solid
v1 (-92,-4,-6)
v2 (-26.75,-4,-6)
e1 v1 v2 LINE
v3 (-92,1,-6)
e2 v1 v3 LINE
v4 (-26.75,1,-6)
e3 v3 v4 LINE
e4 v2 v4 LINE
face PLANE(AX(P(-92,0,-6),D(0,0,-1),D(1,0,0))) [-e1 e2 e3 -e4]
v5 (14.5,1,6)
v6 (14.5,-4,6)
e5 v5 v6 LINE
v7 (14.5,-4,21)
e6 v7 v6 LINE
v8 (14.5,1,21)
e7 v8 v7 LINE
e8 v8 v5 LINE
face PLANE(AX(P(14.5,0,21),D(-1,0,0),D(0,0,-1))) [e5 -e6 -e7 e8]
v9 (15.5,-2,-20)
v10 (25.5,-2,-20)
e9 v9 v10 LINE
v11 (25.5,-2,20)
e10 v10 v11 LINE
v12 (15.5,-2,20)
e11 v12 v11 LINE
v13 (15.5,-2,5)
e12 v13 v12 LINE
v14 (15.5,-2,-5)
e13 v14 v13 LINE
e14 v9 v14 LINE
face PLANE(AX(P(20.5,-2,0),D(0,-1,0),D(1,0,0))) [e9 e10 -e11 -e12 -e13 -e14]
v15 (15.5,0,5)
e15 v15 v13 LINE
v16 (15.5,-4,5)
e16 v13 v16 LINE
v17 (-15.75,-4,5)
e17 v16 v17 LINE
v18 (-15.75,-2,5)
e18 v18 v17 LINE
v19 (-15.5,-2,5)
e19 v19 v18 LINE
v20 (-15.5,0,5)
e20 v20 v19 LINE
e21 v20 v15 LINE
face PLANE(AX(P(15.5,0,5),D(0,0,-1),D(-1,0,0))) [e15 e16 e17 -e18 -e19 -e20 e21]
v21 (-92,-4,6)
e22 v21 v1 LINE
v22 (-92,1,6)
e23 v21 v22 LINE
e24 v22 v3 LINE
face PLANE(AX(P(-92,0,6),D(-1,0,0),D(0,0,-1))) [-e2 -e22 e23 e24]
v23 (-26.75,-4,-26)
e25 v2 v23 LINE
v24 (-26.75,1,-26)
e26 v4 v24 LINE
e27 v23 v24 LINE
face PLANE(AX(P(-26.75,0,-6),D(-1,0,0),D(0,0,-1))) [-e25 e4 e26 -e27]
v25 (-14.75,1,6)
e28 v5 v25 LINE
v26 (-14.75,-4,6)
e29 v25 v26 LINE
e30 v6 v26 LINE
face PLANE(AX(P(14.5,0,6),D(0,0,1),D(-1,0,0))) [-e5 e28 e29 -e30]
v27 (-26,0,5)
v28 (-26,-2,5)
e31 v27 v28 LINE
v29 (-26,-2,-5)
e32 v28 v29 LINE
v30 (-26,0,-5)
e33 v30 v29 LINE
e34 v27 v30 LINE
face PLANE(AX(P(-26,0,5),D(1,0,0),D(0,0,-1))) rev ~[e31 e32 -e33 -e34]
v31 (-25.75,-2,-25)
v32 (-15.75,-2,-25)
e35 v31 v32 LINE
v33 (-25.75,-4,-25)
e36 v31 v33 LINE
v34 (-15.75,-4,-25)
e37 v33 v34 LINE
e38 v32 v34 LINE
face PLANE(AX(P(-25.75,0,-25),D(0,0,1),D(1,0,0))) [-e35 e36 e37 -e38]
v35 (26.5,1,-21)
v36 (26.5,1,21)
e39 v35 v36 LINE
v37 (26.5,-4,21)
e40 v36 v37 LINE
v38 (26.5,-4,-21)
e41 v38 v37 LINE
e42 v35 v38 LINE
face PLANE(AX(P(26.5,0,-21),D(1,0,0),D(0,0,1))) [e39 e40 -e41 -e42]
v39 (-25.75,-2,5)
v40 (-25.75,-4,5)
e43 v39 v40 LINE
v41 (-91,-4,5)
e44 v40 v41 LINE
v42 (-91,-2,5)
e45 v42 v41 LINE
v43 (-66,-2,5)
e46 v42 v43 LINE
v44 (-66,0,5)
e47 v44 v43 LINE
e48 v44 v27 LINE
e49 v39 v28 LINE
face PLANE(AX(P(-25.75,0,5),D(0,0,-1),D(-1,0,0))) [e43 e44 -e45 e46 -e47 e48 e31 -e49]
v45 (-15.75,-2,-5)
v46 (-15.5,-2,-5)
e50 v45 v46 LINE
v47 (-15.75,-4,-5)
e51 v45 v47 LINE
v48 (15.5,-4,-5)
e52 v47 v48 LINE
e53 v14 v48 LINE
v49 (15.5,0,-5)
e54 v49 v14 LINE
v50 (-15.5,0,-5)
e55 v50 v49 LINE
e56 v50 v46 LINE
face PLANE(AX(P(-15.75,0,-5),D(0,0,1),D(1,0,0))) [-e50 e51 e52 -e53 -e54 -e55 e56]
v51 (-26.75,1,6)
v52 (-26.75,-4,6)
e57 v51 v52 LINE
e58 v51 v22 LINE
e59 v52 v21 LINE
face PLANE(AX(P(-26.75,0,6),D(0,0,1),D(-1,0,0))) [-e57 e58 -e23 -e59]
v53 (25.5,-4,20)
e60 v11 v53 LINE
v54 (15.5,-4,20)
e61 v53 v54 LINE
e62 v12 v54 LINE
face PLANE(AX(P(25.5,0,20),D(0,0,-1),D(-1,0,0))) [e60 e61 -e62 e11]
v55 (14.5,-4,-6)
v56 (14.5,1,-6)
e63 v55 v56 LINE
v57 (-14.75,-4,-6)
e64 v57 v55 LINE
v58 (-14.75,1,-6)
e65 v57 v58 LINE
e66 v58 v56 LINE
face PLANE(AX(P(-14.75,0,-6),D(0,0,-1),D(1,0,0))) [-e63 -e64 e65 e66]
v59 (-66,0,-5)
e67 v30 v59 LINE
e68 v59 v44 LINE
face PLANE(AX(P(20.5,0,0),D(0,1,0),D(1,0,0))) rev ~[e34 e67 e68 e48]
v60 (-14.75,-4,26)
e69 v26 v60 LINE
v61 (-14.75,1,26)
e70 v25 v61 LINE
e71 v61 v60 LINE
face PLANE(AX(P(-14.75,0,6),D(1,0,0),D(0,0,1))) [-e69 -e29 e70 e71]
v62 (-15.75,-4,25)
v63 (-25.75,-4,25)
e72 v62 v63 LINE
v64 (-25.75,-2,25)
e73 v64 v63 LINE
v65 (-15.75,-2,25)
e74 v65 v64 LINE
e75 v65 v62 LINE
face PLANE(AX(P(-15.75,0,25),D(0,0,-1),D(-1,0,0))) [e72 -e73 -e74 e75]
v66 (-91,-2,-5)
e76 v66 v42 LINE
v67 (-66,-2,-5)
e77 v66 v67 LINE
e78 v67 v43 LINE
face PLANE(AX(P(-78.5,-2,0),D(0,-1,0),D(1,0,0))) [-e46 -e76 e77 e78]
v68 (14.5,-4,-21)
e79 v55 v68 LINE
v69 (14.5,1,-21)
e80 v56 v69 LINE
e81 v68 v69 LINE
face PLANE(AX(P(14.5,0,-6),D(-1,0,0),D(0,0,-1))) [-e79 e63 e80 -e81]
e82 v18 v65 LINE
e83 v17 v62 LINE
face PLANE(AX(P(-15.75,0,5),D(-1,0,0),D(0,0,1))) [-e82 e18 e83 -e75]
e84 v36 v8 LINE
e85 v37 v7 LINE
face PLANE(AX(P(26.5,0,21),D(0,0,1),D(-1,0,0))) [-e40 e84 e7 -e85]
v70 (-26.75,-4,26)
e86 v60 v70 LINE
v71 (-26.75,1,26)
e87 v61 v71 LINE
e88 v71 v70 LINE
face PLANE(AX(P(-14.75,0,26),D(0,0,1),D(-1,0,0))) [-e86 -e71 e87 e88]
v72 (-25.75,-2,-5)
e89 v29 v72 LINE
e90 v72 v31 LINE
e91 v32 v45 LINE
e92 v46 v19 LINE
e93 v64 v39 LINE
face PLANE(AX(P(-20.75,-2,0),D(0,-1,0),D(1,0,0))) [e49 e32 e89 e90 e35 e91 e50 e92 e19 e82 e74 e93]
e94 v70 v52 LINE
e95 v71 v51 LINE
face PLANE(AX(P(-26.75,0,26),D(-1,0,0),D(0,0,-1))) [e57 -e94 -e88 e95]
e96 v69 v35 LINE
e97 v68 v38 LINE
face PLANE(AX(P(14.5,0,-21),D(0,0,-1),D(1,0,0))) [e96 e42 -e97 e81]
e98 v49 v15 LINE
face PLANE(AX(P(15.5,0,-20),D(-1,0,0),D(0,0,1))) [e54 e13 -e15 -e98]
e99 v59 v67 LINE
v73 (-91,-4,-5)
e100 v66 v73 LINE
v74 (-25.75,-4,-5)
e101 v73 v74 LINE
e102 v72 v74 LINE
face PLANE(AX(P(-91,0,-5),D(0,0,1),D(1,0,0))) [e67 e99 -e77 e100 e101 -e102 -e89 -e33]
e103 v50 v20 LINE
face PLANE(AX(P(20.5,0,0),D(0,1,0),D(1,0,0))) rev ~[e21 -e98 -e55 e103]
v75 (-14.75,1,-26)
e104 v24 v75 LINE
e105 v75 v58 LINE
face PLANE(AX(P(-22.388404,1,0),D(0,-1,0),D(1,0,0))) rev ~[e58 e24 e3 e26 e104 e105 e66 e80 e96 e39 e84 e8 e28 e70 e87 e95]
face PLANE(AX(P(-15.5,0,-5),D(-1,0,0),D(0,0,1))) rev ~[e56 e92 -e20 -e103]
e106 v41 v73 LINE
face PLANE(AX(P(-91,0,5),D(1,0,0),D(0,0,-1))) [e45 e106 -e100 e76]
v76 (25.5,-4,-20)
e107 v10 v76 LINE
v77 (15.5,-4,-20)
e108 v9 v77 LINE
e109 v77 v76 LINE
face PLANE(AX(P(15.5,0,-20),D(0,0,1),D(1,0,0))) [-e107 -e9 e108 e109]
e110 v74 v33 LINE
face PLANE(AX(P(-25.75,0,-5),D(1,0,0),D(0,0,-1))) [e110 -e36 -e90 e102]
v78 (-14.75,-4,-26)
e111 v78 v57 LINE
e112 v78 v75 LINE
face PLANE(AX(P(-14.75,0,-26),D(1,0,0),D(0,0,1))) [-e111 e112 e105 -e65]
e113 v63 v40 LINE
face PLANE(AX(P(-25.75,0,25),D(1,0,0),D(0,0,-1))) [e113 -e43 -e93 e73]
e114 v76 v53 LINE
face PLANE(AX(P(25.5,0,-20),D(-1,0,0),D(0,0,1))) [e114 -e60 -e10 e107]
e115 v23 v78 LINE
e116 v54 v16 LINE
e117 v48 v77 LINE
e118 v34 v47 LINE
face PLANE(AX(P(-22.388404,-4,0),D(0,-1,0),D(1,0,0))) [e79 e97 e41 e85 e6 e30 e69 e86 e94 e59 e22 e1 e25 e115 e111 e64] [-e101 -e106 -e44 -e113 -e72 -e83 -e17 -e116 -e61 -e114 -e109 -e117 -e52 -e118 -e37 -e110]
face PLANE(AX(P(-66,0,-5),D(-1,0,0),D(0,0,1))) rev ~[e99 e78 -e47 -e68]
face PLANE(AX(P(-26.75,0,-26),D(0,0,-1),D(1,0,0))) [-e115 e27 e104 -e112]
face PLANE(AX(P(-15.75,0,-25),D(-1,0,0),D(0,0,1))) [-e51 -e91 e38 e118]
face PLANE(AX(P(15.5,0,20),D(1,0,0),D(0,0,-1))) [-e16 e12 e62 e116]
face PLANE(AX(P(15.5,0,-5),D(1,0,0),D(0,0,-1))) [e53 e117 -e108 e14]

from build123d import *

# Parameters (mm, degrees)
SKETCH_3_W           = 10
SKETCH_3_H           = 40
SKETCH_3_W_2         = 31.25
SKETCH_3_H_2         = 10
SKETCH_3_W_3         = 40.25
SKETCH_3_W_4         = 25
EXTRUDE_1_DEPTH      = 1
EXTRUDE_2_DEPTH      = 4
EXTRUDE_2_DEPTH_BACK = 1
SKETCH_5_W           = 25
SKETCH_5_H           = 10
SKETCH_5_W_2         = 10
SKETCH_5_H_2         = 40
EXTRUDE_3_DEPTH      = 2


with BuildPart() as part:
    # 草图3 → 凸台-拉伸1 (new body)
    with BuildSketch(Plane(origin=(0, 0, 0), x_dir=(1, 0, 0), z_dir=(0, 1, 0))):
        with Locations((20.5, 0)):
            Rectangle(SKETCH_3_W, SKETCH_3_H)
        with Locations((-0.125, 0)):
            Rectangle(SKETCH_3_W_2, SKETCH_3_H_2)
        Polygon((-15.75, -5), (-15.75, 5), (-15.75, 25), (-25.75, 25), (-25.75, 5), (-25.75, -5), (-25.75, -25), (-15.75, -25), align=None)
        with Locations((-45.875, 0)):
            Rectangle(SKETCH_3_W_3, SKETCH_3_H_2)
        with Locations((-78.5, 0)):
            Rectangle(SKETCH_3_W_4, SKETCH_3_H_2)
    extrude(amount=EXTRUDE_1_DEPTH)

    # 草图4 → 凸台-拉伸2 (add, two sides)
    with BuildSketch(Plane.XZ) as extrude_2_sk:
        Polygon((14.5, -21), (26.5, -21), (26.5, 21), (14.5, 21), (14.5, 6), (-14.75, 6), (-14.75, 26), (-26.75, 26), (-26.75, 6), (-92, 6), (-92, -6), (-26.75, -6), (-26.75, -26), (-14.75, -26), (-14.75, -6), (14.5, -6), align=None)
        Polygon((15.5, -20), (25.5, -20), (25.5, 20), (15.5, 20), (15.5, 5), (-15.75, 5), (-15.75, 25), (-25.75, 25), (-25.75, 5), (-91, 5), (-91, -5), (-25.75, -5), (-25.75, -25), (-15.75, -25), (-15.75, -5), (15.5, -5), align=None, mode=Mode.SUBTRACT)
    extrude(amount=EXTRUDE_2_DEPTH)
    extrude(extrude_2_sk.sketch, amount=-EXTRUDE_2_DEPTH_BACK)

    # 草图5 → 凸台-拉伸3 (add)
    with BuildSketch(Plane.XZ):
        Polygon((-25.75, 25), (-25.75, 5), (-26, 5), (-26, -5), (-25.75, -5), (-25.75, -25), (-15.75, -25), (-15.75, -5), (-15.5, -5), (-15.5, 5), (-15.75, 5), (-15.75, 25), align=None)
        with Locations((-78.5, 0)):
            Rectangle(SKETCH_5_W, SKETCH_5_H)
        with Locations((20.5, 0)):
            Rectangle(SKETCH_5_W_2, SKETCH_5_H_2)
    extrude(amount=EXTRUDE_3_DEPTH)


solid = part.part
